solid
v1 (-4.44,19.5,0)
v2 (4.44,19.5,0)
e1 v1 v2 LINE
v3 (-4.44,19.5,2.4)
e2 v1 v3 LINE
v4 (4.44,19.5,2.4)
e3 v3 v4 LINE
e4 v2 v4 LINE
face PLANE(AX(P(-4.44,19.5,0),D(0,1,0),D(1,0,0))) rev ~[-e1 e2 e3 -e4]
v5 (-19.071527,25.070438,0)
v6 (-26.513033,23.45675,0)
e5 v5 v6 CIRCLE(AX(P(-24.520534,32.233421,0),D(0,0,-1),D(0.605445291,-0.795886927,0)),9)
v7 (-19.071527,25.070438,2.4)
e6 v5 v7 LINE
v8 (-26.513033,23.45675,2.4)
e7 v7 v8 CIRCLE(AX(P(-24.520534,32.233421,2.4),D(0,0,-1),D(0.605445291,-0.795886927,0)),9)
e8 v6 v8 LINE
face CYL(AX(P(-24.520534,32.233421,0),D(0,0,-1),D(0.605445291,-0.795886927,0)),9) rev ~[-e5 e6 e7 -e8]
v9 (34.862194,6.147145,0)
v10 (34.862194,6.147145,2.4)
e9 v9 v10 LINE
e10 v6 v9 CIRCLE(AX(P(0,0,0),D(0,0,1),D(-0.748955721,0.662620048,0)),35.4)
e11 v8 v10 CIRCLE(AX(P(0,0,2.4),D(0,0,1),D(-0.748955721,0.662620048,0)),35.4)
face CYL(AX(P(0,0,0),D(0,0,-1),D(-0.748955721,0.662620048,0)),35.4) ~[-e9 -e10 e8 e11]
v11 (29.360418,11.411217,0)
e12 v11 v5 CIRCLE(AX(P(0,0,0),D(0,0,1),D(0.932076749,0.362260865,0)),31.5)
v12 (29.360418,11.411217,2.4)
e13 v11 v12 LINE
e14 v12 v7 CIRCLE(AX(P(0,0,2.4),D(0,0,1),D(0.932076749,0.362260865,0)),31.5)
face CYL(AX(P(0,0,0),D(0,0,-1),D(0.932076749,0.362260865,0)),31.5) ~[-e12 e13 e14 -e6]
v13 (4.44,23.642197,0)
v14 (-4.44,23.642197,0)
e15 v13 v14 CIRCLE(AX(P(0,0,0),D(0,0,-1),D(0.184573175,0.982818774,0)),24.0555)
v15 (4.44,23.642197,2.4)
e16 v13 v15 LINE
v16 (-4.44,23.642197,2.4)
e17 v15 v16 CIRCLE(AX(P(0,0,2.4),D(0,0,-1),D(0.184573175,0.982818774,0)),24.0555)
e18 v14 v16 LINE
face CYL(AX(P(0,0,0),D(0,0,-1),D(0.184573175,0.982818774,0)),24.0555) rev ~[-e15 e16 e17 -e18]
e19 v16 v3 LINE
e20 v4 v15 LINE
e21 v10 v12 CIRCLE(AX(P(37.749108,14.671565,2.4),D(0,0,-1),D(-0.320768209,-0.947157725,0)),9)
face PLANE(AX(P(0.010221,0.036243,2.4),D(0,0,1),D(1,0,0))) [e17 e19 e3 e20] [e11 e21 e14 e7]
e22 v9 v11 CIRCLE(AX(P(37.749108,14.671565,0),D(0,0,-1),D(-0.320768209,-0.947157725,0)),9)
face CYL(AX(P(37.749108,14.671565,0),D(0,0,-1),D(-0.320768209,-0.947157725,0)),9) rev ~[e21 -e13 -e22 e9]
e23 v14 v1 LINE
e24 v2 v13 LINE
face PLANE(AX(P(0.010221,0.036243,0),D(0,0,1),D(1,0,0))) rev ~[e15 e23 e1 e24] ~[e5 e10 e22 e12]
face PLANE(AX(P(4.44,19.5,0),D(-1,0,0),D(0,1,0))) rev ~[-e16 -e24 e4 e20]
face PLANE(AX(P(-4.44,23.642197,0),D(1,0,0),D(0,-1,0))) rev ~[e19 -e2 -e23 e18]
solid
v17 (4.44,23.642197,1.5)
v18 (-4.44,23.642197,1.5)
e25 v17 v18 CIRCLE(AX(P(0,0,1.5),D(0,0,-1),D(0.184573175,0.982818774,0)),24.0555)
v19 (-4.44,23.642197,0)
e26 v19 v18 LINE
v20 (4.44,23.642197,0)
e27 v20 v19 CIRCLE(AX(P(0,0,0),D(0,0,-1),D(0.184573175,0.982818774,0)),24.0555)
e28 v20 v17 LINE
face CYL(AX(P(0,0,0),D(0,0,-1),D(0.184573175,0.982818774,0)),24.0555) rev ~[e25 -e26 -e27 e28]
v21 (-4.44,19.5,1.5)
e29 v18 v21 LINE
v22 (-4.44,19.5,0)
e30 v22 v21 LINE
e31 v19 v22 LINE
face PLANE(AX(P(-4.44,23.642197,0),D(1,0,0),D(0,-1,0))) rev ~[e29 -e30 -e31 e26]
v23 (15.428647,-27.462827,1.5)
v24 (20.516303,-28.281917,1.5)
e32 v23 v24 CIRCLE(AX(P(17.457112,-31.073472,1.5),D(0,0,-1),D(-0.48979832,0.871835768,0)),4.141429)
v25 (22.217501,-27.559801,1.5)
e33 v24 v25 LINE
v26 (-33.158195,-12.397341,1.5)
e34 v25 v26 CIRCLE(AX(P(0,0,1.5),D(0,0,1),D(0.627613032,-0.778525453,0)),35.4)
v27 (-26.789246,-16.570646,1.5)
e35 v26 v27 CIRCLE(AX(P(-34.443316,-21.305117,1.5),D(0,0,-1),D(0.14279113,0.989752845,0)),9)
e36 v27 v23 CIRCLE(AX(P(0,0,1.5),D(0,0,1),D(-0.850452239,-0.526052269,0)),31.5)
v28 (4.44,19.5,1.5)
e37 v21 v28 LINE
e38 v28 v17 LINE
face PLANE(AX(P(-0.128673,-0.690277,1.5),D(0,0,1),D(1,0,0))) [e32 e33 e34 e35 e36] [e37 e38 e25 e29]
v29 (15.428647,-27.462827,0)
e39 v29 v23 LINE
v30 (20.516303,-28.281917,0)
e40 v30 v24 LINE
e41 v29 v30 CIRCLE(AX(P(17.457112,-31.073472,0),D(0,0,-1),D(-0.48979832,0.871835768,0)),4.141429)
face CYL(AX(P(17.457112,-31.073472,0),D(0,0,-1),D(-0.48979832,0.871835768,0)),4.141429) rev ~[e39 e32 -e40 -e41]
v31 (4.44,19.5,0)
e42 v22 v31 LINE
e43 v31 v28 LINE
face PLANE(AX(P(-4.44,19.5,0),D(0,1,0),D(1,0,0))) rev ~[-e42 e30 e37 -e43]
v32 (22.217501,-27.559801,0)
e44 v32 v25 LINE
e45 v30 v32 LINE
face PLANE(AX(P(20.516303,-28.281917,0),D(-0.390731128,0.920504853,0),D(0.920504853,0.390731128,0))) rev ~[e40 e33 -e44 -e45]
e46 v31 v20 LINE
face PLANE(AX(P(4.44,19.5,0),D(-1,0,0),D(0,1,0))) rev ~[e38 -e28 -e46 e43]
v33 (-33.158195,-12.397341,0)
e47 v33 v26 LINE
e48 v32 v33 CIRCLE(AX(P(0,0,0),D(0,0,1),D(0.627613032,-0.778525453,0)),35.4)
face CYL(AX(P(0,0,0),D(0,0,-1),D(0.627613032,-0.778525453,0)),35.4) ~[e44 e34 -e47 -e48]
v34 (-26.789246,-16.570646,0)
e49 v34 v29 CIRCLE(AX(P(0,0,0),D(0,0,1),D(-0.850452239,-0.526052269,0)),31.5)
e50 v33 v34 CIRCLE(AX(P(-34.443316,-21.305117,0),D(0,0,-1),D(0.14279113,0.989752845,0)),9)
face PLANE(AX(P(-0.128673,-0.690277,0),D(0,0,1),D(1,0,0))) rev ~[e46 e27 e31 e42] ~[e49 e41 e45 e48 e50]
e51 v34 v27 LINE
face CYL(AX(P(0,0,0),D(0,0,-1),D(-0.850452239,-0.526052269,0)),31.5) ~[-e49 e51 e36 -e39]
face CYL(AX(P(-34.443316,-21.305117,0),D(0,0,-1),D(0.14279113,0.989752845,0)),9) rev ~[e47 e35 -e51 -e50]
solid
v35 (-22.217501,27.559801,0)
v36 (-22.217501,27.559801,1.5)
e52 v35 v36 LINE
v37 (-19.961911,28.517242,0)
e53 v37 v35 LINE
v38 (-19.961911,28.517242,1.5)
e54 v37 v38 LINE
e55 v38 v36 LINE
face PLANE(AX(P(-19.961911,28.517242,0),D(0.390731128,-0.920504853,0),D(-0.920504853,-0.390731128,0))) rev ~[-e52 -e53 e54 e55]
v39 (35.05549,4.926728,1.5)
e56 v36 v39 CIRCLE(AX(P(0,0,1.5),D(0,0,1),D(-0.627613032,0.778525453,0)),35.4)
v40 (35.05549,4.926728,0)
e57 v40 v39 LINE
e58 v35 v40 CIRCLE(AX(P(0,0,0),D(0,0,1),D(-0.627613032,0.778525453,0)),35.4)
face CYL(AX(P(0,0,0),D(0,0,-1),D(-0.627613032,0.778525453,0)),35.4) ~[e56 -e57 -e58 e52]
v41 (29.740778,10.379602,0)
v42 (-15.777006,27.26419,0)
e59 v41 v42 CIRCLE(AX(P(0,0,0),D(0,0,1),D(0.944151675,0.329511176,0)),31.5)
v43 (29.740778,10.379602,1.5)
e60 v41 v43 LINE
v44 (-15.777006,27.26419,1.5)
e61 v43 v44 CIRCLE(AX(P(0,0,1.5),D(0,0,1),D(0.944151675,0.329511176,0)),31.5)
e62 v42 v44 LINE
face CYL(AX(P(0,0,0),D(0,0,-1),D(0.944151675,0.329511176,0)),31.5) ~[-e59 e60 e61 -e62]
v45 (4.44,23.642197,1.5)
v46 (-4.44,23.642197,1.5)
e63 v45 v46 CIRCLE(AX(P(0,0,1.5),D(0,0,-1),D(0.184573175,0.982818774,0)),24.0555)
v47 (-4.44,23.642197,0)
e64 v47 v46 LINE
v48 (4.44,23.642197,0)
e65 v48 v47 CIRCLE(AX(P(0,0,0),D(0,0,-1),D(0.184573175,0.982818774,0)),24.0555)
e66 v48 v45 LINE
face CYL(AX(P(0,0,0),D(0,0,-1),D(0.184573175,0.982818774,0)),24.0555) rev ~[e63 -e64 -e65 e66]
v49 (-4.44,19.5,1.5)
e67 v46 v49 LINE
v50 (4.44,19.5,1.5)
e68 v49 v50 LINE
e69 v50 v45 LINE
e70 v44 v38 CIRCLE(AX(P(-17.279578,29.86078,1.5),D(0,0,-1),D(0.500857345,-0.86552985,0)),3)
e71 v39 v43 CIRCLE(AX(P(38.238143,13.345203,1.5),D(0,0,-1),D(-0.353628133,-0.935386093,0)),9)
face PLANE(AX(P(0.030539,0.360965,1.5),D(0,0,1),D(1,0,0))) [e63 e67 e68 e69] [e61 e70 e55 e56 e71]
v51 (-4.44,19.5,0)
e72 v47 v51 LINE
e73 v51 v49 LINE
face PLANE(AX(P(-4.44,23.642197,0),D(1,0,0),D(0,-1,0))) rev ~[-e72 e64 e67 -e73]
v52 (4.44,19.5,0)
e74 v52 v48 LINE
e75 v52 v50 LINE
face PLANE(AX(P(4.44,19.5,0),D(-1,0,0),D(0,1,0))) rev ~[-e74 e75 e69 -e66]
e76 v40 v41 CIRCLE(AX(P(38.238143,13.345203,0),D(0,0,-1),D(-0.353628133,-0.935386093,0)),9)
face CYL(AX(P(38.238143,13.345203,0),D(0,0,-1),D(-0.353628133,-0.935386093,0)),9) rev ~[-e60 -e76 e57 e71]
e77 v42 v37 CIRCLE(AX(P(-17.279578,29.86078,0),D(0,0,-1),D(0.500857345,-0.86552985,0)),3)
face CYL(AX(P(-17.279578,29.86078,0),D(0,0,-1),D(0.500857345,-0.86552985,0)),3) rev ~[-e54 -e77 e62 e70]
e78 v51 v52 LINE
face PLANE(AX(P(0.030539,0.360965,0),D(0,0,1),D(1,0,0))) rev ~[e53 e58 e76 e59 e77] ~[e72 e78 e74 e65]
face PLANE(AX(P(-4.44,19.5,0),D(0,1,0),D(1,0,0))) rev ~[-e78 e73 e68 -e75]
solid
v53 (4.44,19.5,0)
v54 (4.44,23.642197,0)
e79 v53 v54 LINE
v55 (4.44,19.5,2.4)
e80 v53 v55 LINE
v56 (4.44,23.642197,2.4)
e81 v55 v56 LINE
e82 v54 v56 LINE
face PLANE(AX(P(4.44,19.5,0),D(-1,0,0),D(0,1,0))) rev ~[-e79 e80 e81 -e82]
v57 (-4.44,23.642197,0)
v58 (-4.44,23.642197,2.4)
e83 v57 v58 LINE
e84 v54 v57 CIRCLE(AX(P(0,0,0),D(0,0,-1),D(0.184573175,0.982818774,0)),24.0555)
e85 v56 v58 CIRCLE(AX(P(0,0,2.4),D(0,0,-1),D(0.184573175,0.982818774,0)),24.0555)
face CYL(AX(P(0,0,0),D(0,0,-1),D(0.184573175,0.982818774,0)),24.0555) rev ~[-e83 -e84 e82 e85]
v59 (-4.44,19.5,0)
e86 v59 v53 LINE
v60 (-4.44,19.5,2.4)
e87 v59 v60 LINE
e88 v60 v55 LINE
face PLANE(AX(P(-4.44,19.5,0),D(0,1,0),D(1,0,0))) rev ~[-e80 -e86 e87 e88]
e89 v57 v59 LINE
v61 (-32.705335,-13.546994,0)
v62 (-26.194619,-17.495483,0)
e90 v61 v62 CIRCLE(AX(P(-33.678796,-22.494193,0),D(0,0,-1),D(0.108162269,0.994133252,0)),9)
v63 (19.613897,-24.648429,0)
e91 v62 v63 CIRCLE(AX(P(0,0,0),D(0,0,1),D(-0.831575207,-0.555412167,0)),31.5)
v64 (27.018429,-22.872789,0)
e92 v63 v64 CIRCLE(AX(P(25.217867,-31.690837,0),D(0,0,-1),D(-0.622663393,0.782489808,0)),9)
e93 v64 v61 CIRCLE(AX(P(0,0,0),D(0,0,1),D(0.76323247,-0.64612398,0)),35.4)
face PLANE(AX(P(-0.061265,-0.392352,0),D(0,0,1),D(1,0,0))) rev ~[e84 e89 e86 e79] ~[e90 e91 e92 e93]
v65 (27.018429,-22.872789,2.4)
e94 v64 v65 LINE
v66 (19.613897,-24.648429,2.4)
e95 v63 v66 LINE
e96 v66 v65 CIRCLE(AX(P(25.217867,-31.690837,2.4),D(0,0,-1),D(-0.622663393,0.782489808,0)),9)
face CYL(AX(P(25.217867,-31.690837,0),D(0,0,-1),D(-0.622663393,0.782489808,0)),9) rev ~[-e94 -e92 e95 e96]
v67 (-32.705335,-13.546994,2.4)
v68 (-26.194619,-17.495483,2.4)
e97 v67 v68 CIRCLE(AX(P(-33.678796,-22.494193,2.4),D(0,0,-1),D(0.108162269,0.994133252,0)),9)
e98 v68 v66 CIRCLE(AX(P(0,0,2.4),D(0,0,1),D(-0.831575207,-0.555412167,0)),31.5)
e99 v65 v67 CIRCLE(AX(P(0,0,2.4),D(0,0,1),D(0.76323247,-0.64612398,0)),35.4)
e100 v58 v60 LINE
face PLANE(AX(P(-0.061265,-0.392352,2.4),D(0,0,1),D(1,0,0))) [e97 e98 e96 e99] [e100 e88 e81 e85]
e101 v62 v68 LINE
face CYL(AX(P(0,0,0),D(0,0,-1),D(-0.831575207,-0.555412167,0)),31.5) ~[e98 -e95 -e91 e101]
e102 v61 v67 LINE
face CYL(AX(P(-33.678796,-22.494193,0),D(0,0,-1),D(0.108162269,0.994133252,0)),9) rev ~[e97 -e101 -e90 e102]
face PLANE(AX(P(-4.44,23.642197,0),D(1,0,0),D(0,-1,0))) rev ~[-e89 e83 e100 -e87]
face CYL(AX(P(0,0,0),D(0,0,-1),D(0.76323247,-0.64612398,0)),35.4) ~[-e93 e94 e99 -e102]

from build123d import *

# Parameters (mm, degrees)
F1_DEPTH = 0.5
F3_DEPTH = 0.8
F5_DEPTH = 0.5
F7_DEPTH = 0.8
F8_SCALE = 3


with BuildPart() as f1:
    # F0 (on Top) → F1 (new body)
    with BuildSketch(Plane.XY):
        with BuildLine():
            Line((6.8387676217, -9.4273056542), (7.4058337822, -9.18660035))
            ThreePointArc((7.4058337822, -9.18660035), (3.1162609999, 11.3810771626), (-11.0527318331, -4.1324470989))
            ThreePointArc((-11.0527318331, -4.1324470989), (-9.8368762603, -4.5924206502), (-8.9297485056, -5.5235488253))
            ThreePointArc((-8.9297485056, -5.5235488253), (-2.6230960634, -10.167072688), (5.1428823598, -9.1542755603))
            ThreePointArc((5.1428823598, -9.1542755603), (6.0384623822, -8.9948981328), (6.8387676217, -9.4273056542))
        make_face()
        with BuildLine():
            ThreePointArc((1.48, 7.8807323422), (0, -8.0185), (-1.48, 7.8807323422))
            Line((-1.48, 7.8807323422), (-1.48, 6.5))
            Line((-1.48, 6.5), (1.48, 6.5))
            Line((1.48, 6.5), (1.48, 7.8807323422))
        make_face(mode=Mode.SUBTRACT)
    extrude(amount=F1_DEPTH)


with BuildPart() as f3:
    # F2 (on Top) → F3 (new body)
    with BuildSketch(Plane.XY):
        with BuildLine():
            ThreePointArc((6.537965625, -8.2161429811), (7.7063762874, -7.6463211092), (9.0061431434, -7.6242629598))
            ThreePointArc((9.0061431434, -7.6242629598), (1.8204956547, 11.658721867), (-10.9017784836, -4.5156645019))
            ThreePointArc((-10.9017784836, -4.5156645019), (-9.6706107317, -4.9329251022), (-8.7315396701, -5.8318277572))
            ThreePointArc((-8.7315396701, -5.8318277572), (-1.6199325741, -10.374286407), (6.537965625, -8.2161429811))
        make_face()
        with BuildLine():
            ThreePointArc((1.48, 7.8807323422), (0, -8.0185), (-1.48, 7.8807323422))
            Line((-1.48, 7.8807323422), (-1.48, 6.5))
            Line((-1.48, 6.5), (1.48, 6.5))
            Line((1.48, 6.5), (1.48, 7.8807323422))
        make_face(mode=Mode.SUBTRACT)
    extrude(amount=F3_DEPTH)


with BuildPart() as f5:
    # F4 (on Top) → F5 (new body)
    with BuildSketch(Plane.XY):
        with BuildLine():
            Line((-6.6539702746, 9.5057474742), (-7.4058337822, 9.18660035))
            ThreePointArc((-7.4058337822, 9.18660035), (-4.3367613017, -10.974174293), (11.6851632112, 1.6422425913))
            ThreePointArc((11.6851632112, 1.6422425913), (10.597684768, 2.3544722436), (9.913592586, 3.4598673442))
            ThreePointArc((9.913592586, 3.4598673442), (3.6517736611, 9.8445187352), (-5.2590021182, 9.0880634197))
            ThreePointArc((-5.2590021182, 9.0880634197), (-6.046699252, 8.995614702), (-6.6539702746, 9.5057474742))
        make_face()
        with BuildLine():
            ThreePointArc((1.48, 7.8807323422), (0, -8.0185), (-1.48, 7.8807323422))
            Line((-1.48, 7.8807323422), (-1.48, 6.5))
            Line((-1.48, 6.5), (1.48, 6.5))
            Line((1.48, 6.5), (1.48, 7.8807323422))
        make_face(mode=Mode.SUBTRACT)
    extrude(amount=F5_DEPTH)


with BuildPart() as f7:
    # F6 (on Top) → F7 (new body)
    with BuildSketch(Plane.XY):
        with BuildLine():
            ThreePointArc((-6.3571755517, 8.3568127301), (-7.5377387626, 7.8126152046), (-8.8376775053, 7.8189165689))
            ThreePointArc((-8.8376775053, 7.8189165689), (-3.2029973084, -11.3569717902), (11.6207314855, 2.0490484965))
            ThreePointArc((11.6207314855, 2.0490484965), (10.5090590485, 2.7228918274), (9.7868058643, 3.8037390783))
            ThreePointArc((9.7868058643, 3.8037390783), (2.8501247236, 10.1057799828), (-6.3571755517, 8.3568127301))
        make_face()
        with BuildLine():
            ThreePointArc((1.48, 7.8807323422), (0, -8.0185), (-1.48, 7.8807323422))
            Line((-1.48, 7.8807323422), (-1.48, 6.5))
            Line((-1.48, 6.5), (1.48, 6.5))
            Line((1.48, 6.5), (1.48, 7.8807323422))
        make_face(mode=Mode.SUBTRACT)
    extrude(amount=F7_DEPTH)


with BuildPart() as f1_1:
    # F8: moved
    add(f1.part.scale(F8_SCALE))


with BuildPart() as f3_1:
    # F8: moved
    add(f3.part.scale(F8_SCALE))


with BuildPart() as f5_1:
    # F8: moved
    add(f5.part.scale(F8_SCALE))


with BuildPart() as f7_1:
    # F8: moved
    add(f7.part.scale(F8_SCALE))


solid = Compound([f1_1.part, f3_1.part, f5_1.part, f7_1.part])
